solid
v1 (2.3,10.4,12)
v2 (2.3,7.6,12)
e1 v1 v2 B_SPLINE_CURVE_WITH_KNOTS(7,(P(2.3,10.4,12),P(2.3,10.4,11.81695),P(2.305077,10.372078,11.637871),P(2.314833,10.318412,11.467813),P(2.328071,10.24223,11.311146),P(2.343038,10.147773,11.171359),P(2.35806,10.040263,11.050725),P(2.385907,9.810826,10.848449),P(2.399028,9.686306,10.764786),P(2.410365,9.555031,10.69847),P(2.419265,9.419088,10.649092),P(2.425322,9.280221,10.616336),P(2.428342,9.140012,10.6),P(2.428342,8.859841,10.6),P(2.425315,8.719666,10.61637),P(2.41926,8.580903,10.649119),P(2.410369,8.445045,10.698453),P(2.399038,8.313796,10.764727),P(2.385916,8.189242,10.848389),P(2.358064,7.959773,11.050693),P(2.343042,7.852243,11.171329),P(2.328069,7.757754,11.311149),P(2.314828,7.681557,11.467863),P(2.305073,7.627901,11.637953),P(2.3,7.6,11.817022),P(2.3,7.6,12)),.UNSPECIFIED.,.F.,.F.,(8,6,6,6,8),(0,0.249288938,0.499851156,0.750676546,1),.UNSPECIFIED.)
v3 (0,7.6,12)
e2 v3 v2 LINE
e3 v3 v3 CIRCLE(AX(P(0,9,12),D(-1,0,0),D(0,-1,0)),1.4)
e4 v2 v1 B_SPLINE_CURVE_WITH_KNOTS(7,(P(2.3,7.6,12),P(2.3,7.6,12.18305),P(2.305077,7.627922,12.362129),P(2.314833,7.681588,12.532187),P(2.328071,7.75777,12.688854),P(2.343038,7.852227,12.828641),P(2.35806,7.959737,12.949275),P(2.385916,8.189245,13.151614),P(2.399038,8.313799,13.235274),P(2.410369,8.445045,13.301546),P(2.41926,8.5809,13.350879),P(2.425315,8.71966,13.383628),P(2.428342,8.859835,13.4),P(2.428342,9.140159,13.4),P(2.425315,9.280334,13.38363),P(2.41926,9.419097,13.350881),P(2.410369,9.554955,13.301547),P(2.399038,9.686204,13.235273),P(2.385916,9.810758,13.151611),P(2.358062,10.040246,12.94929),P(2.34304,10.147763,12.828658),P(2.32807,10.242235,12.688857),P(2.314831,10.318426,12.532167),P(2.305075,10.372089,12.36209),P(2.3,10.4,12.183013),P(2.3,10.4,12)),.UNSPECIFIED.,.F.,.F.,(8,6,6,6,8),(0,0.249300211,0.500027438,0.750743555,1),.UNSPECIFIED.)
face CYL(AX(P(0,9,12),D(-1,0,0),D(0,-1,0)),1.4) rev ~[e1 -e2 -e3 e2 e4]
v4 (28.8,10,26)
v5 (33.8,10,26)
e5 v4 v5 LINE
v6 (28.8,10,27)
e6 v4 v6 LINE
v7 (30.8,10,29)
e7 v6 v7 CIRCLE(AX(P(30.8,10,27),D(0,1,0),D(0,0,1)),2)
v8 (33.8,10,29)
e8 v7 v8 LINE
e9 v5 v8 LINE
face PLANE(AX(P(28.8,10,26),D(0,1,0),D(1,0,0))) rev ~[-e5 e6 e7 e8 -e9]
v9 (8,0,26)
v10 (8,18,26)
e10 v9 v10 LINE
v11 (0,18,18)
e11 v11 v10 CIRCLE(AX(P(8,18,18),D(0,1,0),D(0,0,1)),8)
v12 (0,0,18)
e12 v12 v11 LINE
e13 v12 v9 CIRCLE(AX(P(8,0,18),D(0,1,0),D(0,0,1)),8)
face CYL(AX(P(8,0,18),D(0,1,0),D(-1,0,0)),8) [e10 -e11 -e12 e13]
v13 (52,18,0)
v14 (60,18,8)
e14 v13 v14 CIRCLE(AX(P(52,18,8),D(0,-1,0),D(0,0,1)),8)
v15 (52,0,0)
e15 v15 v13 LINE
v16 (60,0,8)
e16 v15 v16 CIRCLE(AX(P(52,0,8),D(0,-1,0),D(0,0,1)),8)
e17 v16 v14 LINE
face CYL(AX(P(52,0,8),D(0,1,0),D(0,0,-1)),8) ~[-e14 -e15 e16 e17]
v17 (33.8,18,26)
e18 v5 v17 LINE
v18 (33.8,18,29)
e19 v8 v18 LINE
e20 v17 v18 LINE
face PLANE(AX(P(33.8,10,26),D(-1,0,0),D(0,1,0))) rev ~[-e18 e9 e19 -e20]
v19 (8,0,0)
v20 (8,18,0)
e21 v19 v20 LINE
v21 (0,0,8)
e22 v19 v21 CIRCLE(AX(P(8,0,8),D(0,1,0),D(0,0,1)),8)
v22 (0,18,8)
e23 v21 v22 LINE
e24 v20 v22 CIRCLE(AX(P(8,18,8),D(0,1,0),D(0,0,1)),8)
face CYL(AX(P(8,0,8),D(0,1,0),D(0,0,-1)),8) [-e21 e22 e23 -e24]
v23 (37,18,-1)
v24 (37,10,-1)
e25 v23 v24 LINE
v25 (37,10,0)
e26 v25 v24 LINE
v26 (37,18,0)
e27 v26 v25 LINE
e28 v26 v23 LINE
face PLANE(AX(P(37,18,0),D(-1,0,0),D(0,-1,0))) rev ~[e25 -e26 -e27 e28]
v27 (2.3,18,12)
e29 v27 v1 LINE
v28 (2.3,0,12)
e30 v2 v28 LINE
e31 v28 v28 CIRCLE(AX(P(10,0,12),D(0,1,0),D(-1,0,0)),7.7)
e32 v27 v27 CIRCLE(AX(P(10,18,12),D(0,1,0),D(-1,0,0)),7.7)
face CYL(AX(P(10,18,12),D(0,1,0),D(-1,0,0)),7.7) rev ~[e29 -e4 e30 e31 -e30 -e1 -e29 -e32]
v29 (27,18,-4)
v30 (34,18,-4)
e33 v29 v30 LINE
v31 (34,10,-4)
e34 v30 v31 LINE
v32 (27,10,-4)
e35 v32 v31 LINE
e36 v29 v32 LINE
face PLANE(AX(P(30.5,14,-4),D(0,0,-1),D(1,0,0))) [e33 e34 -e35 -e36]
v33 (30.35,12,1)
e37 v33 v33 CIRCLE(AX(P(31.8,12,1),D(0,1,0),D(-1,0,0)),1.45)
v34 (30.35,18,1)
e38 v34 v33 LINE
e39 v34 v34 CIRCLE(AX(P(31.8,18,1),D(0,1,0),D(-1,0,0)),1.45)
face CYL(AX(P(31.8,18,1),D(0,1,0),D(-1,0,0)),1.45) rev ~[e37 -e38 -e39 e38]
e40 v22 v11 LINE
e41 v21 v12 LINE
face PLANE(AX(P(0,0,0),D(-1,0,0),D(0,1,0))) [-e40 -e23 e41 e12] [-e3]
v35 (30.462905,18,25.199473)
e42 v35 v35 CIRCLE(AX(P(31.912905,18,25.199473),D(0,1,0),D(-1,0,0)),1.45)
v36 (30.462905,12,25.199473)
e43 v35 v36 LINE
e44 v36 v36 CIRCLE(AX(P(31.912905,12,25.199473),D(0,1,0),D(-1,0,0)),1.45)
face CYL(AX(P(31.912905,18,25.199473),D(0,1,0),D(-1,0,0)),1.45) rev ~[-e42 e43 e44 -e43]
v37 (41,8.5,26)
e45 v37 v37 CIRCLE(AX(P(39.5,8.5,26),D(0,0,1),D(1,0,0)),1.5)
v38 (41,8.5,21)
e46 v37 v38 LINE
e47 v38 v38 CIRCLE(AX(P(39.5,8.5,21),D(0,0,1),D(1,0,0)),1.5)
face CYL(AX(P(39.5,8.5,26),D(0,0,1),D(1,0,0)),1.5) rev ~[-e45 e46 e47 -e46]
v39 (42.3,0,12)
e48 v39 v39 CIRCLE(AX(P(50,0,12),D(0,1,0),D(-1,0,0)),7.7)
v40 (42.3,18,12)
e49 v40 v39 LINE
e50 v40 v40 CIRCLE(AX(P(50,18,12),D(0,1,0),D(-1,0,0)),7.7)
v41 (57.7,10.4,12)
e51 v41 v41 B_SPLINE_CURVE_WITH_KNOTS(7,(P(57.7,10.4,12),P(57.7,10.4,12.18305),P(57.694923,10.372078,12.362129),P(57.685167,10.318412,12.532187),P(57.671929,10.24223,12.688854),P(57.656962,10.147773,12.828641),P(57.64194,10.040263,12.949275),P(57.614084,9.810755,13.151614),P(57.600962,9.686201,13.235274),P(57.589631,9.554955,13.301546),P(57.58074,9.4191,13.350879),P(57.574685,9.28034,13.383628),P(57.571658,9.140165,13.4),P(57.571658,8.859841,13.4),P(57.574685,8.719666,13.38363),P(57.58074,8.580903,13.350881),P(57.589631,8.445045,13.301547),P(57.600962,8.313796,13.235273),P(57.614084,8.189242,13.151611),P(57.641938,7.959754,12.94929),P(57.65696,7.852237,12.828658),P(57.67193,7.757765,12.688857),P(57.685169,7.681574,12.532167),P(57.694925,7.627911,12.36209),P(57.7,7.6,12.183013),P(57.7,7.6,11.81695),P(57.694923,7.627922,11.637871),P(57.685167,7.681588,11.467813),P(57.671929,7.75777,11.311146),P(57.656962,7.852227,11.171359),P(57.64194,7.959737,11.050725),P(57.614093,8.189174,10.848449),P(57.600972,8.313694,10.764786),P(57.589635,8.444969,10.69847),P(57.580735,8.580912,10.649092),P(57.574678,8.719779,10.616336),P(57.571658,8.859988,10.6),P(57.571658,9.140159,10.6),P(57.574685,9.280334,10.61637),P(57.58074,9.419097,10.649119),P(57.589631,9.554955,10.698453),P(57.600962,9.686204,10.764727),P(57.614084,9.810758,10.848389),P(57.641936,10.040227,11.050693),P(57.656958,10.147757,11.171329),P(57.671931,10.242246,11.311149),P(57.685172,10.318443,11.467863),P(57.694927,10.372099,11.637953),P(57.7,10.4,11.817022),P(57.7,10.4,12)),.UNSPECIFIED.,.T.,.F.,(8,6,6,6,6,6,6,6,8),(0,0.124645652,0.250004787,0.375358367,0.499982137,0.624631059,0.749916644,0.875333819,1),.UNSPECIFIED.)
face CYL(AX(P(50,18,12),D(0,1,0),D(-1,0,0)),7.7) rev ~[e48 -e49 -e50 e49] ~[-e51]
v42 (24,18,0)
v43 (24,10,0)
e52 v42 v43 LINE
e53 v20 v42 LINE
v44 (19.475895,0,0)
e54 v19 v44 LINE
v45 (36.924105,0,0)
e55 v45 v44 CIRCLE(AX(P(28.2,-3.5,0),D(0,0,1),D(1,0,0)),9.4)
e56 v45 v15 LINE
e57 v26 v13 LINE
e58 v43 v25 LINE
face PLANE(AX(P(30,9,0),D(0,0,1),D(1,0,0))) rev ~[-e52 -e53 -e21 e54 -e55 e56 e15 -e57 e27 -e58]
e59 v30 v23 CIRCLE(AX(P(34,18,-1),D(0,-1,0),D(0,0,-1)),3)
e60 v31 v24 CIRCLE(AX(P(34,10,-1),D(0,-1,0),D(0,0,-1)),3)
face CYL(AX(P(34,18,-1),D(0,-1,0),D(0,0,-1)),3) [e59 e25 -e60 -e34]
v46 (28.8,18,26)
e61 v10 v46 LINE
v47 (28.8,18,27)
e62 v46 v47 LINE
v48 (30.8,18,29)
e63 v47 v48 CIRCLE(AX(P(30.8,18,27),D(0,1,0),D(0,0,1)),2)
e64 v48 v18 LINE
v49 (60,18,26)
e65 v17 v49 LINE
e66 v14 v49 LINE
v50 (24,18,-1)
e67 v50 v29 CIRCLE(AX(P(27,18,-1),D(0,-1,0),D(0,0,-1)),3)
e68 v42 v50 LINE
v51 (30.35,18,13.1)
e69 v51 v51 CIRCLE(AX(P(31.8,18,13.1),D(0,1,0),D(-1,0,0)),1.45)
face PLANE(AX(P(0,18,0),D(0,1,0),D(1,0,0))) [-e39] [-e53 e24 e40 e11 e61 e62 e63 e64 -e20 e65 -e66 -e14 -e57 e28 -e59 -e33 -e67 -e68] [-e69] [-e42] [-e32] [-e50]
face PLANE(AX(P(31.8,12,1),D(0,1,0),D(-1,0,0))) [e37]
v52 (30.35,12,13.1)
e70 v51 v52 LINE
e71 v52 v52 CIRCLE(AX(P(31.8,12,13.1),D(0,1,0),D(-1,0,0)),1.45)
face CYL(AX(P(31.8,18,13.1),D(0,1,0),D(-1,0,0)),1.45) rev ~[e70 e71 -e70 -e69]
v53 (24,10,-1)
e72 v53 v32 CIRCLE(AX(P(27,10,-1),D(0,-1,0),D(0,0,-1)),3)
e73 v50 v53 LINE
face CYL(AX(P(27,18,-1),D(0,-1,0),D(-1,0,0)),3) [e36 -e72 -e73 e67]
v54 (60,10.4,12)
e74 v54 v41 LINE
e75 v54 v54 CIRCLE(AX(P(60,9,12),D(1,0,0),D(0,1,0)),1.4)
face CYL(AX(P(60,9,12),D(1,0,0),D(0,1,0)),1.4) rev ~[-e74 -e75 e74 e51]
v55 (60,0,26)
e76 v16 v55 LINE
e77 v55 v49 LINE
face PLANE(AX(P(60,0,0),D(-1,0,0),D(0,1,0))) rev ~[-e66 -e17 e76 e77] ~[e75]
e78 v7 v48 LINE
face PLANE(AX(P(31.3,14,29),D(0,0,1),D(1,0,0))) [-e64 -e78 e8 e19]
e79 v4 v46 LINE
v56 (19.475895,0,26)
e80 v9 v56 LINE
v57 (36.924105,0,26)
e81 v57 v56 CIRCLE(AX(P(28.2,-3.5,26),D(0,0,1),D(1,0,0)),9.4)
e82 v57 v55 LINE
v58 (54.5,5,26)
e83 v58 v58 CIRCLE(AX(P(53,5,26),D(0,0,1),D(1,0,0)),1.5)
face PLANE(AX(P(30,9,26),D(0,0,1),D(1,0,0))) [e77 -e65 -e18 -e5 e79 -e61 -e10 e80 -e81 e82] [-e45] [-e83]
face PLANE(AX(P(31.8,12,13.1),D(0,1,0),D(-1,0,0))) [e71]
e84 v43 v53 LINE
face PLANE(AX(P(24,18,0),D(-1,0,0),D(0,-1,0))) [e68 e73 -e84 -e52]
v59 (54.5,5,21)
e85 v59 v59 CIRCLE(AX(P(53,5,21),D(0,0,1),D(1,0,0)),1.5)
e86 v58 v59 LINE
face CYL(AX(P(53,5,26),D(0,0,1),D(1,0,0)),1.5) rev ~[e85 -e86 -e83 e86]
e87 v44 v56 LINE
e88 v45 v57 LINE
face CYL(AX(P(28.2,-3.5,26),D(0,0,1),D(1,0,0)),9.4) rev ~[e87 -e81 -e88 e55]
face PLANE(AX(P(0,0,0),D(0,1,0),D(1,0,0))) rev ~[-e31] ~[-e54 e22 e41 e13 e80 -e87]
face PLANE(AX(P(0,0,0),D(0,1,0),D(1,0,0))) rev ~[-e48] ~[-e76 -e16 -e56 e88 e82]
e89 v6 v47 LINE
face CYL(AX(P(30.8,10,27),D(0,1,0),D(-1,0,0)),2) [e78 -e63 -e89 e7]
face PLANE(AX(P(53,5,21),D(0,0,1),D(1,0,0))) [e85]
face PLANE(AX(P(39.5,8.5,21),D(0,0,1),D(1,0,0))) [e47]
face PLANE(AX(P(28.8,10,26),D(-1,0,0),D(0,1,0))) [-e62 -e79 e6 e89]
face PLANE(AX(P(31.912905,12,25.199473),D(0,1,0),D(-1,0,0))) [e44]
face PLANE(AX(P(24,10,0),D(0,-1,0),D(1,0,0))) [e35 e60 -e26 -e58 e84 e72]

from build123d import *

# Parameters (mm, degrees)
BOX001_W        = 60
BOX001_H        = 18
BOX001_DEPTH    = 26
SKETCH009_R     = 7.7
POCKET007_DEPTH = 21
SKETCH010_R     = 1.4
POCKET008_DEPTH = 5
SKETCH011_R     = 1.5
POCKET009_DEPTH = 5
SKETCH012_R     = 1.4
POCKET010_DEPTH = 5
SKETCH019_W     = 13
SKETCH019_H     = 8
PAD002_DEPTH    = 4
SKETCH020_W     = 5
SKETCH020_H     = 8
PAD003_DEPTH    = 3
SKETCH016_R     = 9.4
POCKET017_DEPTH = 30.001
SKETCH014_R     = 1.45
POCKET018_DEPTH = 6
FILLET003_R     = 2
FILLET004_R     = 3
FILLET005_R     = 8


with BuildPart() as part:
    # Box001 → Box001 (new body)
    with BuildSketch(Plane.XY):
        with Locations((30, 9)):
            Rectangle(BOX001_W, BOX001_H)
    extrude(amount=BOX001_DEPTH)

    # Sketch009 → Pocket007 (cut)
    with BuildSketch(Plane(origin=(0, 18, 0), x_dir=(-1, 0, 0), z_dir=(0, 1, 0))):
        with Locations((-50, 12)):
            Circle(SKETCH009_R)
        with Locations((-10, 12)):
            Circle(SKETCH009_R)
    extrude(amount=-POCKET007_DEPTH, mode=Mode.SUBTRACT)

    # Sketch010 → Pocket008 (cut)
    with BuildSketch(Plane.YZ.offset(60)):
        with Locations((9, 12)):
            Circle(SKETCH010_R)
    extrude(amount=-POCKET008_DEPTH, mode=Mode.SUBTRACT)

    # Sketch011 → Pocket009 (cut)
    with BuildSketch(Plane.XY.offset(26)):
        with Locations((39.5, 8.5)):
            Circle(SKETCH011_R)
        with Locations((53, 5)):
            Circle(SKETCH011_R)
    extrude(amount=-POCKET009_DEPTH, mode=Mode.SUBTRACT)

    # Sketch012 → Pocket010 (cut)
    with BuildSketch(Plane(origin=(0, 0, 0), x_dir=(0, -1, 0), z_dir=(-1, 0, 0))):
        with Locations((-9, 12)):
            Circle(SKETCH012_R)
    extrude(amount=-POCKET010_DEPTH, mode=Mode.SUBTRACT)

    # Sketch019 → Pad002 (new body)
    with BuildSketch(Plane(origin=(0, 0, 0), x_dir=(1, 0, 0), z_dir=(0, 0, -1))):
        with Locations((30.5, -14)):
            Rectangle(SKETCH019_W, SKETCH019_H)
    extrude(amount=PAD002_DEPTH)

    # Sketch020 → Pad003 (new body)
    with BuildSketch(Plane.XY.offset(26)):
        with Locations((31.3, 14)):
            Rectangle(SKETCH020_W, SKETCH020_H)
    extrude(amount=PAD003_DEPTH)

    # Sketch016 → Pocket017 (cut, through all)
    with BuildSketch(Plane.XY.offset(26)):
        with Locations((28.2, -3.5)):
            Circle(SKETCH016_R)
    extrude(amount=-POCKET017_DEPTH, mode=Mode.SUBTRACT)

    # Sketch014 → Pocket018 (cut)
    with BuildSketch(Plane(origin=(0, 18, 0), x_dir=(-1, 0, 0), z_dir=(0, 1, 0))):
        with Locations((-31.8, 13.1)):
            Circle(SKETCH014_R)
        with Locations((-31.8, 1)):
            Circle(SKETCH014_R)
        with Locations((-31.912905, 25.199473)):
            Circle(SKETCH014_R)
    extrude(amount=-POCKET018_DEPTH, mode=Mode.SUBTRACT)

    # Fillet003
    fillet003_edges = [part.edges().sort_by_distance(p)[0] for p in [
        (28.8, 14, 29),
    ]]
    fillet(fillet003_edges, radius=FILLET003_R)

    # Fillet004
    fillet004_edges = [part.edges().sort_by_distance(p)[0] for p in [
        (24, 14, -4),
        (37, 14, -4),
    ]]
    fillet(fillet004_edges, radius=FILLET004_R)

    # Fillet005
    fillet005_edges = [part.edges().sort_by_distance(p)[0] for p in [
        (60, 9, 0),
        (0, 9, 26),
        (0, 9, 0),
    ]]
    fillet(fillet005_edges, radius=FILLET005_R)


solid = part.part
